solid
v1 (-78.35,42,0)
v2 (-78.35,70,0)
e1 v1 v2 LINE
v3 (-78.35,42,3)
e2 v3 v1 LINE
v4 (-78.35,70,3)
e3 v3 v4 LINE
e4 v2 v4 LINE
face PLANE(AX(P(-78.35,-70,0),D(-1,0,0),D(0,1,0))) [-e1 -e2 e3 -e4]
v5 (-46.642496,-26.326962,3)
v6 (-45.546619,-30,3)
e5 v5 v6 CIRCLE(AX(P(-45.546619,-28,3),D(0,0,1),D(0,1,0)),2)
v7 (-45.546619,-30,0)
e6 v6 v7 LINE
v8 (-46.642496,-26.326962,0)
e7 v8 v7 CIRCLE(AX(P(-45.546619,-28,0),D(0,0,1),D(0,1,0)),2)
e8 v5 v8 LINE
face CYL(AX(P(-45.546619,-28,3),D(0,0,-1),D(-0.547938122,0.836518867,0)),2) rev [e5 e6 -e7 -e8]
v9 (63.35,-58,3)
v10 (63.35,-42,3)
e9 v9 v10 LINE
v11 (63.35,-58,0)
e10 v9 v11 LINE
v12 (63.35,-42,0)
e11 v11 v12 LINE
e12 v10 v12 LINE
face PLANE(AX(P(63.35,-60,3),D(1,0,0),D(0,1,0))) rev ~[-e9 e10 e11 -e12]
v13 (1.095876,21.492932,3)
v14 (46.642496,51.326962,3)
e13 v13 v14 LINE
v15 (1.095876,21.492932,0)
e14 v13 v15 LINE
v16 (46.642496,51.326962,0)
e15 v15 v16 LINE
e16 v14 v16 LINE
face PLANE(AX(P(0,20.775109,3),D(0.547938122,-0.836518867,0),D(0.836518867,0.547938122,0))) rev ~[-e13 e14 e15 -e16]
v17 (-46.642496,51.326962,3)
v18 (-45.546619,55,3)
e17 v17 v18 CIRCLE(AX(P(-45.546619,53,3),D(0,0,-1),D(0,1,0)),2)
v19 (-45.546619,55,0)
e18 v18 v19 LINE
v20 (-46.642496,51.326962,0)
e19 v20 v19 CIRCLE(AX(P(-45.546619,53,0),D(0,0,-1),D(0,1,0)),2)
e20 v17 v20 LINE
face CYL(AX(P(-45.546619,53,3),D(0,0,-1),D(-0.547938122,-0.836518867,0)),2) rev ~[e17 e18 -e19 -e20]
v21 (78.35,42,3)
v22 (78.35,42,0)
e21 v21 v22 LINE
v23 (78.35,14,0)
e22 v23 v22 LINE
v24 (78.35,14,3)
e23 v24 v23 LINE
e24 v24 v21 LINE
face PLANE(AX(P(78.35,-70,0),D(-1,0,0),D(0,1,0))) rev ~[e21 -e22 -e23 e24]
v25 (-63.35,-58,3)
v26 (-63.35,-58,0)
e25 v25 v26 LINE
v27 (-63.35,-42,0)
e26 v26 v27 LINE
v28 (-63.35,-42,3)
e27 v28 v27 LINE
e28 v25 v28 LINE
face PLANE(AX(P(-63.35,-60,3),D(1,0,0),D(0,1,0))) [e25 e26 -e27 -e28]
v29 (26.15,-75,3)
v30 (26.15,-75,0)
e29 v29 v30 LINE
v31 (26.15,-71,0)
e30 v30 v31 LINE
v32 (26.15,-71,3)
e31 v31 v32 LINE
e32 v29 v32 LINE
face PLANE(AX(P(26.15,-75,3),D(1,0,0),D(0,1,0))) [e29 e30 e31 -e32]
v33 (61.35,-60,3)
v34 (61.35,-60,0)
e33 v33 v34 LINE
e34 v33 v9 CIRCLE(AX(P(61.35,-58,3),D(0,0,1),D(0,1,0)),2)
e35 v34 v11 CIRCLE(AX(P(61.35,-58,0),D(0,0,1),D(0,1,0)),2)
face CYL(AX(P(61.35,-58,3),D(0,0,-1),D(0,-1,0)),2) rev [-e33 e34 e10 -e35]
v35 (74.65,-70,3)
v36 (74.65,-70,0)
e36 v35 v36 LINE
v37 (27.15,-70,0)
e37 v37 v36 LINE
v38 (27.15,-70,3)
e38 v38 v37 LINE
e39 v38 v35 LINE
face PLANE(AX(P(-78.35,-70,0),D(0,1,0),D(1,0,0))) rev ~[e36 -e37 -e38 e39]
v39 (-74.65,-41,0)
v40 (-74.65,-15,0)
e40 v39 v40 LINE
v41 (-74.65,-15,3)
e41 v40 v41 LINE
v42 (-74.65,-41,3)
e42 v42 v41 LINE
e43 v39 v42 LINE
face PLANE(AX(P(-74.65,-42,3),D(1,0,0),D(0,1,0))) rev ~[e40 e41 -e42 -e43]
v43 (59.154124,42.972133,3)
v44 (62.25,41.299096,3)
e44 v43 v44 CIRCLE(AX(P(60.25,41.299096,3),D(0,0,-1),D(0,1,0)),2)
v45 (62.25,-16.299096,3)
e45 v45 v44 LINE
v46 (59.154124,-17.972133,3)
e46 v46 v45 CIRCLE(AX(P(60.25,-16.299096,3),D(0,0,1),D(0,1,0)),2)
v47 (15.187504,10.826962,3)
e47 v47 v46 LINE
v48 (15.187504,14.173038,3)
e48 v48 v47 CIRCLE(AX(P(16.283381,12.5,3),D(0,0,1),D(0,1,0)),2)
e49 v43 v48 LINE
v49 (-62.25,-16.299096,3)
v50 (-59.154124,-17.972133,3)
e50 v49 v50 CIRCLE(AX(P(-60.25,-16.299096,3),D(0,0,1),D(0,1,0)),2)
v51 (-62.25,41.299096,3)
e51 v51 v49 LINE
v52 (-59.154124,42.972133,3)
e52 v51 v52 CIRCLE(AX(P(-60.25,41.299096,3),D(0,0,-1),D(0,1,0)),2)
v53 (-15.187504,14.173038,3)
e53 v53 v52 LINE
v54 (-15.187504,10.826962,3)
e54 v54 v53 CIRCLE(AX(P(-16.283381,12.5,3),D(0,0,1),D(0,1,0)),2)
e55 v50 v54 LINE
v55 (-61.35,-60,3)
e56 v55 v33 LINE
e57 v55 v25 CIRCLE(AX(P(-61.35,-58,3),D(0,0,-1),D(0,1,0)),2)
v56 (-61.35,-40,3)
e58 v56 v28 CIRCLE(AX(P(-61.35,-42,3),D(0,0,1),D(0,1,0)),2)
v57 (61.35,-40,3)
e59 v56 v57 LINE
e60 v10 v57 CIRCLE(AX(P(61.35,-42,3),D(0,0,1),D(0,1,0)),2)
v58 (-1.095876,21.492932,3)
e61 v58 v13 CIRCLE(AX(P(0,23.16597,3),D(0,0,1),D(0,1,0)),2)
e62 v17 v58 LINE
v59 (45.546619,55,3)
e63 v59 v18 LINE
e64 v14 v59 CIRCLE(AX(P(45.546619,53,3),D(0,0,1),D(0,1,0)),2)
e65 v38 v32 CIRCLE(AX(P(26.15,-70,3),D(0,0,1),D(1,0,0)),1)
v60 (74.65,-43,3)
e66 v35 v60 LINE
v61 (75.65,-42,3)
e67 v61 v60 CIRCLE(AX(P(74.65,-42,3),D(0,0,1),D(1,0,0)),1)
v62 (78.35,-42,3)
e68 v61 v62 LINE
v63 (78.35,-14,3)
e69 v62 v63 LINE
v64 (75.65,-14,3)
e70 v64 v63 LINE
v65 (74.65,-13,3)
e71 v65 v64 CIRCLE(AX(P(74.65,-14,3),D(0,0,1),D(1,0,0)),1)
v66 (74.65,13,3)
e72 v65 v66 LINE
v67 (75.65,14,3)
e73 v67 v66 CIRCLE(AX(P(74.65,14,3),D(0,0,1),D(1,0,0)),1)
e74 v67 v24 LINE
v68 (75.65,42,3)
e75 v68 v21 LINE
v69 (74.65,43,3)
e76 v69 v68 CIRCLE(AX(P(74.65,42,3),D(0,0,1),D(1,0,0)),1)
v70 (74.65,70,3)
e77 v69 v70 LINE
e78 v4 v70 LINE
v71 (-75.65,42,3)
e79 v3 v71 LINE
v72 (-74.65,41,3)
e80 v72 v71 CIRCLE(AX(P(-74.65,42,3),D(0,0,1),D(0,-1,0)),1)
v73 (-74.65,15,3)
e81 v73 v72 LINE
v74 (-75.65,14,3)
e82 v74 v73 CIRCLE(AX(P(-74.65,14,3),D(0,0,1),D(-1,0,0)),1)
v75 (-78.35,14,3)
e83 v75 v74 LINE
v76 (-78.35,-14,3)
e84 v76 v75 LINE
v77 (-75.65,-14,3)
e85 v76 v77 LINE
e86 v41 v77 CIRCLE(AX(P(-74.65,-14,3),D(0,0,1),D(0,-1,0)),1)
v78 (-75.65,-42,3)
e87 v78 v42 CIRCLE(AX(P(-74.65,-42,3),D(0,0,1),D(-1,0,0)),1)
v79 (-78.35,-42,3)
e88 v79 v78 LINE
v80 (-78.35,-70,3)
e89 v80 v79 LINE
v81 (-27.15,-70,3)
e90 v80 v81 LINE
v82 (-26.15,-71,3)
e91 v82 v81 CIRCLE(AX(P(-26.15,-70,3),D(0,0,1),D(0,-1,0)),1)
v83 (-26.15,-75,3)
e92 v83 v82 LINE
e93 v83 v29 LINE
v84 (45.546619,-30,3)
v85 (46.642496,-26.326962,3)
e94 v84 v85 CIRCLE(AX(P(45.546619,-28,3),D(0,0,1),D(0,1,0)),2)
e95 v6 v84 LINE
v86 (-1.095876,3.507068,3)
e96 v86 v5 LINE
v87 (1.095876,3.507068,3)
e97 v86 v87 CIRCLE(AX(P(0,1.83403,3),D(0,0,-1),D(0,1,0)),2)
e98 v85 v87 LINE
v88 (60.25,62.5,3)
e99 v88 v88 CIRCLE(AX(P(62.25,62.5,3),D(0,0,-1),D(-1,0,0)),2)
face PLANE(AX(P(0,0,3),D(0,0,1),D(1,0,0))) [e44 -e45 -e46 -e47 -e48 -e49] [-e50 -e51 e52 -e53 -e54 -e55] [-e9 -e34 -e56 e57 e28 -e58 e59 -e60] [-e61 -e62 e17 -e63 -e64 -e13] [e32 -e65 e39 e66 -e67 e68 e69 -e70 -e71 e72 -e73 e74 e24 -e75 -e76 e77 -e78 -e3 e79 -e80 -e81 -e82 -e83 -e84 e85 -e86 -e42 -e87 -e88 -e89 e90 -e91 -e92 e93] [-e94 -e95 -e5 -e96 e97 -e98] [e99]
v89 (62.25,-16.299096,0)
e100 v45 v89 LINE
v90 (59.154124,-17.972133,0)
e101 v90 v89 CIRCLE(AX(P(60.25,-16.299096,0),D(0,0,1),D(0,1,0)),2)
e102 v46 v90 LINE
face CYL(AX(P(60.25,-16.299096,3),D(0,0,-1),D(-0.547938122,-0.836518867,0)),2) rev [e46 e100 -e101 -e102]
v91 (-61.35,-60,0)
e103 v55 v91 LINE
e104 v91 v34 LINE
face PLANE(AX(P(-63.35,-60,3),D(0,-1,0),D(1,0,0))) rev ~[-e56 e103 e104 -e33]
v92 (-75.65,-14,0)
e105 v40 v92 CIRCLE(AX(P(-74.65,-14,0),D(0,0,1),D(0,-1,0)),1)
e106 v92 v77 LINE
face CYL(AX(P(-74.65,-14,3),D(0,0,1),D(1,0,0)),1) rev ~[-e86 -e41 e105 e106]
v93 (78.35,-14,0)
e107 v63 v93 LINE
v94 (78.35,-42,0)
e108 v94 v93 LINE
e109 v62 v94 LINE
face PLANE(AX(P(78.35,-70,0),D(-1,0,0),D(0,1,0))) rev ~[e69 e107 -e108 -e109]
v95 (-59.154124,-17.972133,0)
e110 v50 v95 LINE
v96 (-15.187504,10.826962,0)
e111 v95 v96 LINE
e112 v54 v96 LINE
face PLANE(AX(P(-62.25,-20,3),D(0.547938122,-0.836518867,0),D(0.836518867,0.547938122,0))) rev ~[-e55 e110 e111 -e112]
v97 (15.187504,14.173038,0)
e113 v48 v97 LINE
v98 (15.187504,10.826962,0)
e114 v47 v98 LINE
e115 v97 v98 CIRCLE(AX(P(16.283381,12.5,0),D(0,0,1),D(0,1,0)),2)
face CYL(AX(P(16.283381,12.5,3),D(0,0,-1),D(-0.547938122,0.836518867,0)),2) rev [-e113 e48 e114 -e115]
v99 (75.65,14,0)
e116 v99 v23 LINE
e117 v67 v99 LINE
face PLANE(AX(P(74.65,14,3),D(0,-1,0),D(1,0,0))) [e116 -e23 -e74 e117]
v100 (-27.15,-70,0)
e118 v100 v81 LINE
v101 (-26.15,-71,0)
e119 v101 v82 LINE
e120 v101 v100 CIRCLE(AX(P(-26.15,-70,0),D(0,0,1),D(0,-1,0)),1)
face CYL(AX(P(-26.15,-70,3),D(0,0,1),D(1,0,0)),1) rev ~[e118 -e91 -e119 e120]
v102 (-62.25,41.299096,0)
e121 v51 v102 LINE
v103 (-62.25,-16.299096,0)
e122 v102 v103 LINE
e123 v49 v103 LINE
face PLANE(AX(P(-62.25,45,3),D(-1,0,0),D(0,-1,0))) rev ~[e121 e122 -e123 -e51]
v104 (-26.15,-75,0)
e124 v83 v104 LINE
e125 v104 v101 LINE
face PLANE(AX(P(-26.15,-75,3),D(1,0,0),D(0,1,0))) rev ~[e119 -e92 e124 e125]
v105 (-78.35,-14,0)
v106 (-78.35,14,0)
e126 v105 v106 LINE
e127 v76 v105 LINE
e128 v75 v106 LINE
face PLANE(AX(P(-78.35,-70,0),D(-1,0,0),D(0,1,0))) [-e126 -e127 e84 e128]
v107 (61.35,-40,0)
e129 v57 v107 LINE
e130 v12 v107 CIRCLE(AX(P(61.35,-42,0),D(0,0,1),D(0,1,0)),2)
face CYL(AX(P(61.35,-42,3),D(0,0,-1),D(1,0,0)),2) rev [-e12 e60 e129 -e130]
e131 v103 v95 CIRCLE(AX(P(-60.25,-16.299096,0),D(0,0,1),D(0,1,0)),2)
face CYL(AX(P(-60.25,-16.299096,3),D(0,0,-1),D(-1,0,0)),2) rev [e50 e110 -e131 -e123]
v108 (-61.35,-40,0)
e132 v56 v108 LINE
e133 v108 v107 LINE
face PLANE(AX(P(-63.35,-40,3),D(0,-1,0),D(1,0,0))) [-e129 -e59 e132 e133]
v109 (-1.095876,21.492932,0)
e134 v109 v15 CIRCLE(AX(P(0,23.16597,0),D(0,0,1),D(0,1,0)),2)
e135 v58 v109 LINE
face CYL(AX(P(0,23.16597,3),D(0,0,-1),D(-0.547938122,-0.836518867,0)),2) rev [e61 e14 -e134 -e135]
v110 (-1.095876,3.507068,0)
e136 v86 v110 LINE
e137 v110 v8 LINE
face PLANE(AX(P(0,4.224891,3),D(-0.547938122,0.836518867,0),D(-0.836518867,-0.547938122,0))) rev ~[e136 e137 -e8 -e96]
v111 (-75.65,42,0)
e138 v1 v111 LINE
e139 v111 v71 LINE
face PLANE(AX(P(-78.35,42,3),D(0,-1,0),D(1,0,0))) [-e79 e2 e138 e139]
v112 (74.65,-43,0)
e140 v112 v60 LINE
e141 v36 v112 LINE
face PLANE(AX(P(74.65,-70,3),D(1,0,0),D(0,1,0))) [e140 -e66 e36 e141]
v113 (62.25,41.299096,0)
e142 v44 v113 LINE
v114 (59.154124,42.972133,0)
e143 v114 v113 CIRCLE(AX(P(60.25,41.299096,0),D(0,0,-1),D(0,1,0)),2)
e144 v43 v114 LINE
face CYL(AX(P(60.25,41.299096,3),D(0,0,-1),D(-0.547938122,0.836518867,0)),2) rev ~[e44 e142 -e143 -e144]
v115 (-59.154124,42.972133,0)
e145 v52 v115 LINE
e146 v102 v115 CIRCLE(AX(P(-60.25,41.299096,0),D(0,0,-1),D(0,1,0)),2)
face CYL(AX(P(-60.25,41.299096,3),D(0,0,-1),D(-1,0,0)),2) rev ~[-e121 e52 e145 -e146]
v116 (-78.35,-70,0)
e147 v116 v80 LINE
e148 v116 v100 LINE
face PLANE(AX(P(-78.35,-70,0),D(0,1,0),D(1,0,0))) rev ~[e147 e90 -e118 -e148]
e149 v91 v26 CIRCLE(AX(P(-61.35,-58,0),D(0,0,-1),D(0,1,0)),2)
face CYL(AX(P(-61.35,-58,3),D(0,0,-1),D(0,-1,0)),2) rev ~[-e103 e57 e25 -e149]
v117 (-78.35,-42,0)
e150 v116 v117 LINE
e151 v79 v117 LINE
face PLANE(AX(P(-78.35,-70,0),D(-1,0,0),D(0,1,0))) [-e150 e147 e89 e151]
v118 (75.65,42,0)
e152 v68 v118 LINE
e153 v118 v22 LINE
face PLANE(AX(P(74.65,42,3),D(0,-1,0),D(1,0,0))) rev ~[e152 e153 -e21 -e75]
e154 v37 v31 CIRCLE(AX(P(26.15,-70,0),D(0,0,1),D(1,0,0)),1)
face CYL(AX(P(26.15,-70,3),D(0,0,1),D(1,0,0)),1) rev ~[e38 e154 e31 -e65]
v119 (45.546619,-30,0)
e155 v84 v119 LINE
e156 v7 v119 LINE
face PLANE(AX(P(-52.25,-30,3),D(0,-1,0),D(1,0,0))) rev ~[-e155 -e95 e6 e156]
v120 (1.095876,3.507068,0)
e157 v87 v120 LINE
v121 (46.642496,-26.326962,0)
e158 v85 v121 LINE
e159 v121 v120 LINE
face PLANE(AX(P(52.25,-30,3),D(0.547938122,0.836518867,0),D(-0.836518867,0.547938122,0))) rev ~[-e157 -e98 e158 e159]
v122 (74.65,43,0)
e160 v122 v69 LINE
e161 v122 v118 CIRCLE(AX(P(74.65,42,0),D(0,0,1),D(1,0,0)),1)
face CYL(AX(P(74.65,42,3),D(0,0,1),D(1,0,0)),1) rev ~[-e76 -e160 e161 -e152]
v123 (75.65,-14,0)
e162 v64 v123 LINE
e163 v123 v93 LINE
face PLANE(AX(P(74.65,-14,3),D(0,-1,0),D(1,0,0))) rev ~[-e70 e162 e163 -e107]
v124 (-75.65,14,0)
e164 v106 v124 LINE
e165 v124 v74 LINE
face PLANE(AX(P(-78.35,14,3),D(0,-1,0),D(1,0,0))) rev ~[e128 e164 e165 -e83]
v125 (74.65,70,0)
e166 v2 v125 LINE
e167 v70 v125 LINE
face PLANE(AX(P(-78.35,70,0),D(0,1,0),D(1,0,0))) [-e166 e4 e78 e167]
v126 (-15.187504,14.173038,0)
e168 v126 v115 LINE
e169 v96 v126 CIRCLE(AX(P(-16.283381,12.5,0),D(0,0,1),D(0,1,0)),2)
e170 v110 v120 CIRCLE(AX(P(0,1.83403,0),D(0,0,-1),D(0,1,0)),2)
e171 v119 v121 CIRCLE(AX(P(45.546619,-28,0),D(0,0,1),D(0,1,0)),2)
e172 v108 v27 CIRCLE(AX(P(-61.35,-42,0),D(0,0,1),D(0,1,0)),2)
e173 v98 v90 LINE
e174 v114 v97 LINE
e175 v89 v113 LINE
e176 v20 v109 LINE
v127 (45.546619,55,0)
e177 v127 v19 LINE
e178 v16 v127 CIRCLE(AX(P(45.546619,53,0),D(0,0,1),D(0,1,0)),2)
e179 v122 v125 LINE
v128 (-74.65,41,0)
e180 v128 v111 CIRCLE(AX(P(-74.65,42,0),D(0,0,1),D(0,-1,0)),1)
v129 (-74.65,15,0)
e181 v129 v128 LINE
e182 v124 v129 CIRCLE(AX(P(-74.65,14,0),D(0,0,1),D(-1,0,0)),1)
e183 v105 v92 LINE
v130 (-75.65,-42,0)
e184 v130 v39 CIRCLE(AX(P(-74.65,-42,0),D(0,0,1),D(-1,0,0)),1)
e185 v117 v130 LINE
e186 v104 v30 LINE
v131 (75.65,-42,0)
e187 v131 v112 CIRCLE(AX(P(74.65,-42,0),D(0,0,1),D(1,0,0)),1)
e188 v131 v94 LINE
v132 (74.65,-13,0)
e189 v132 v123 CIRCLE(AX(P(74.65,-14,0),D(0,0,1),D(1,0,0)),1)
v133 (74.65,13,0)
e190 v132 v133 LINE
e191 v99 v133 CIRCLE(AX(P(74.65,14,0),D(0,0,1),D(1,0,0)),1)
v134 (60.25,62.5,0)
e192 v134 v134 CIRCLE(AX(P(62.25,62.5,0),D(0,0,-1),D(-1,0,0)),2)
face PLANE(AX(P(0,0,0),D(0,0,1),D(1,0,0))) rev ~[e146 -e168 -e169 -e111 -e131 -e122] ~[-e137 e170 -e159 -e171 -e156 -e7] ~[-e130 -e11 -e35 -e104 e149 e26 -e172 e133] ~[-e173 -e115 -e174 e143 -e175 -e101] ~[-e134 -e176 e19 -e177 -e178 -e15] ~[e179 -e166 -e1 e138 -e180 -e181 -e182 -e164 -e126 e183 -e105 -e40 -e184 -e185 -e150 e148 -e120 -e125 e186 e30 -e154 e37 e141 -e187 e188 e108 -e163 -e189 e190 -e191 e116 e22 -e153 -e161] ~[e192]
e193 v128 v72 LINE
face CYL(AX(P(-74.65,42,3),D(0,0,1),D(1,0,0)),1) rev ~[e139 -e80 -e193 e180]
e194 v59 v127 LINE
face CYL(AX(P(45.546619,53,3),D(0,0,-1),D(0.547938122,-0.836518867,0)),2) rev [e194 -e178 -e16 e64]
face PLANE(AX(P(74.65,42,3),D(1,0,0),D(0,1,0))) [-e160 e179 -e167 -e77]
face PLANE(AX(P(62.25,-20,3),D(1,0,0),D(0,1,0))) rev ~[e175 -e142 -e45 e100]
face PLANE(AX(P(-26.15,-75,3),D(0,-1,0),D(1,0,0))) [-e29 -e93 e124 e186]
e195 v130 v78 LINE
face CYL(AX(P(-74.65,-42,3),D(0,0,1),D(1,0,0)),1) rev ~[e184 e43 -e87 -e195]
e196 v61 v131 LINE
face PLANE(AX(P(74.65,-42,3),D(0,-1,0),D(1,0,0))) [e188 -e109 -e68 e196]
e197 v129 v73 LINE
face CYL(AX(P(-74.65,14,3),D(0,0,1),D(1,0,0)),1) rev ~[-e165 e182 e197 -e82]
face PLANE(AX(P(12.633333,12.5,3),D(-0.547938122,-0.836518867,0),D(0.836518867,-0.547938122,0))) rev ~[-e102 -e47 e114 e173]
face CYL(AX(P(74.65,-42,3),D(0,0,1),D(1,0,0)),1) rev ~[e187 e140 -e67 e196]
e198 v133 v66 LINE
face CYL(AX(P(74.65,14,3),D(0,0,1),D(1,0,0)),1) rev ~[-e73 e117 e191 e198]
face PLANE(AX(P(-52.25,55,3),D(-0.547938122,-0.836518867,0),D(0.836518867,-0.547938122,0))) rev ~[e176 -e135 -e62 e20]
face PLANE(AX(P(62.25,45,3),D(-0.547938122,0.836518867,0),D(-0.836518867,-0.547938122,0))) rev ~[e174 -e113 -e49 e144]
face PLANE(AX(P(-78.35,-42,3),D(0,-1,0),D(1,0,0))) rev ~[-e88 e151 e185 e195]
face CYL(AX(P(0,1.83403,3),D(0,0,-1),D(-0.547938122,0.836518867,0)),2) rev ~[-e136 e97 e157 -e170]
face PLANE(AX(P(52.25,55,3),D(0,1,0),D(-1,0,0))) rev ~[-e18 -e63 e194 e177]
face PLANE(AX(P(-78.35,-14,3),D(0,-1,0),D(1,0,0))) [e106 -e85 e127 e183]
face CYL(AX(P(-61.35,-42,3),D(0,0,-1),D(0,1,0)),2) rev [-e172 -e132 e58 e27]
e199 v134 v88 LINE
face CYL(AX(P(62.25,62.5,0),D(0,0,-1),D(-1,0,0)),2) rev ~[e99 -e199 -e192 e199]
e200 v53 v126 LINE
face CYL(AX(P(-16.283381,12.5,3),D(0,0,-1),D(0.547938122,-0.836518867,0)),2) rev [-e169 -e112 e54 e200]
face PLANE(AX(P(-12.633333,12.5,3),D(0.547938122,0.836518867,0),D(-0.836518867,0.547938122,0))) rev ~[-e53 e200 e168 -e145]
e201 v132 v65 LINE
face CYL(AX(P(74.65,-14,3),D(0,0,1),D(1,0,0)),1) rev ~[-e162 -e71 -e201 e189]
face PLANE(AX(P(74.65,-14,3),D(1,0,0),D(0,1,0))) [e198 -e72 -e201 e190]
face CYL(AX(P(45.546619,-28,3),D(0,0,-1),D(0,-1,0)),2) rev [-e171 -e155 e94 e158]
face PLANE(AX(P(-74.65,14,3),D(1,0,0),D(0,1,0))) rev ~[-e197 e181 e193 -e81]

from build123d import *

# Parameters (mm, degrees)
SKETCH1_W           = 156.7
SKETCH1_H           = 140
BOSS_EXTRUDE1_DEPTH = 3
SKETCH2_W           = 126.7
SKETCH2_H           = 20
CUT_EXTRUDE1_DEPTH  = 106.108146687
FILLET1_R           = 2
SKETCH3_W           = 3.7
SKETCH3_H           = 28
CUT_EXTRUDE2_DEPTH  = 106.108146687
SKETCH4_W           = 52.3
SKETCH4_H           = 5
BOSS_EXTRUDE2_DEPTH = 3
SKETCH5_R           = 1
CUT_EXTRUDE3_DEPTH  = 109.502177398
SKETCH6_R           = 2
CUT_EXTRUDE4_DEPTH  = 109.502177398


with BuildPart() as part:
    # Sketch1 → Boss-Extrude1 (new body)
    with BuildSketch(Plane.XY):
        Rectangle(SKETCH1_W, SKETCH1_H)
    extrude(amount=BOSS_EXTRUDE1_DEPTH)

    # Sketch2 → Cut-Extrude1 (cut, through all)
    with BuildSketch(Plane.XY.offset(3)):
        with Locations((0, -50)):
            Rectangle(SKETCH2_W, SKETCH2_H)
        Polygon((-62.25, 45), (-62.25, -20), (-12.633333333, 12.5), align=None)
        Polygon((0, 4.22489083), (-52.25, -30), (52.25, -30), align=None)
        Polygon((-52.25, 55), (0, 20.77510917), (52.25, 55), align=None)
        Polygon((62.25, 45), (12.633333333, 12.5), (62.25, -20), align=None)
    extrude(amount=-CUT_EXTRUDE1_DEPTH, mode=Mode.SUBTRACT)

    # Fillet1
    fillet1_edges = [part.edges().sort_by_distance(p)[0] for p in [
        (63.35, -60, 1.5),
        (-63.35, -60, 1.5),
        (-63.35, -40, 1.5),
        (63.35, -40, 1.5),
        (-12.633333333, 12.5, 1.5),
        (-62.25, -20, 1.5),
        (-62.25, 45, 1.5),
        (-52.25, -30, 1.5),
        (0, 4.22489083, 1.5),
        (52.25, -30, 1.5),
        (52.25, 55, 1.5),
        (0, 20.77510917, 1.5),
        (-52.25, 55, 1.5),
        (12.633333333, 12.5, 1.5),
        (62.25, 45, 1.5),
        (62.25, -20, 1.5),
    ]]
    fillet(fillet1_edges, radius=FILLET1_R)

    # Sketch3 → Cut-Extrude2 (cut, through all)
    with BuildSketch(Plane.XY.offset(3)):
        with Locations((-76.5, 28)):
            Rectangle(SKETCH3_W, SKETCH3_H)
        with Locations((-76.5, -28)):
            Rectangle(SKETCH3_W, SKETCH3_H)
        with Locations((76.5, 56)):
            Rectangle(SKETCH3_W, SKETCH3_H)
        with Locations((76.5, 0)):
            Rectangle(SKETCH3_W, SKETCH3_H)
        with Locations((76.5, -56)):
            Rectangle(SKETCH3_W, SKETCH3_H)
    extrude(amount=-CUT_EXTRUDE2_DEPTH, mode=Mode.SUBTRACT)

    # Sketch4 → Boss-Extrude2 (add)
    with BuildSketch(Plane.XY.offset(3)):
        with Locations((0, -72.5)):
            Rectangle(SKETCH4_W, SKETCH4_H)
    extrude(amount=-BOSS_EXTRUDE2_DEPTH)

    # Sketch5 → Cut-Extrude3 (cut, through all)
    with BuildSketch(Plane.XY.offset(3)):
        with Locations((-74.65, 42)):
            Circle(SKETCH5_R)
        with Locations((-74.65, 14)):
            Circle(SKETCH5_R)
        with Locations((-74.65, -14)):
            Circle(SKETCH5_R)
        with Locations((-74.65, -42)):
            Circle(SKETCH5_R)
        with Locations((-26.15, -70)):
            Circle(SKETCH5_R)
        with Locations((26.15, -70)):
            Circle(SKETCH5_R)
        with Locations((74.65, -42)):
            Circle(SKETCH5_R)
        with Locations((74.65, -14)):
            Circle(SKETCH5_R)
        with Locations((74.65, 42)):
            Circle(SKETCH5_R)
        with Locations((74.65, 14)):
            Circle(SKETCH5_R)
    extrude(amount=-CUT_EXTRUDE3_DEPTH, mode=Mode.SUBTRACT)

    # Sketch6 → Cut-Extrude4 (cut, through all)
    with BuildSketch(Plane(origin=(0, 0, 0), x_dir=(-1, 0, 0), z_dir=(0, 0, -1))):
        with Locations((-62.25, 62.5)):
            Circle(SKETCH6_R)
    extrude(amount=-CUT_EXTRUDE4_DEPTH, mode=Mode.SUBTRACT)


solid = part.part
